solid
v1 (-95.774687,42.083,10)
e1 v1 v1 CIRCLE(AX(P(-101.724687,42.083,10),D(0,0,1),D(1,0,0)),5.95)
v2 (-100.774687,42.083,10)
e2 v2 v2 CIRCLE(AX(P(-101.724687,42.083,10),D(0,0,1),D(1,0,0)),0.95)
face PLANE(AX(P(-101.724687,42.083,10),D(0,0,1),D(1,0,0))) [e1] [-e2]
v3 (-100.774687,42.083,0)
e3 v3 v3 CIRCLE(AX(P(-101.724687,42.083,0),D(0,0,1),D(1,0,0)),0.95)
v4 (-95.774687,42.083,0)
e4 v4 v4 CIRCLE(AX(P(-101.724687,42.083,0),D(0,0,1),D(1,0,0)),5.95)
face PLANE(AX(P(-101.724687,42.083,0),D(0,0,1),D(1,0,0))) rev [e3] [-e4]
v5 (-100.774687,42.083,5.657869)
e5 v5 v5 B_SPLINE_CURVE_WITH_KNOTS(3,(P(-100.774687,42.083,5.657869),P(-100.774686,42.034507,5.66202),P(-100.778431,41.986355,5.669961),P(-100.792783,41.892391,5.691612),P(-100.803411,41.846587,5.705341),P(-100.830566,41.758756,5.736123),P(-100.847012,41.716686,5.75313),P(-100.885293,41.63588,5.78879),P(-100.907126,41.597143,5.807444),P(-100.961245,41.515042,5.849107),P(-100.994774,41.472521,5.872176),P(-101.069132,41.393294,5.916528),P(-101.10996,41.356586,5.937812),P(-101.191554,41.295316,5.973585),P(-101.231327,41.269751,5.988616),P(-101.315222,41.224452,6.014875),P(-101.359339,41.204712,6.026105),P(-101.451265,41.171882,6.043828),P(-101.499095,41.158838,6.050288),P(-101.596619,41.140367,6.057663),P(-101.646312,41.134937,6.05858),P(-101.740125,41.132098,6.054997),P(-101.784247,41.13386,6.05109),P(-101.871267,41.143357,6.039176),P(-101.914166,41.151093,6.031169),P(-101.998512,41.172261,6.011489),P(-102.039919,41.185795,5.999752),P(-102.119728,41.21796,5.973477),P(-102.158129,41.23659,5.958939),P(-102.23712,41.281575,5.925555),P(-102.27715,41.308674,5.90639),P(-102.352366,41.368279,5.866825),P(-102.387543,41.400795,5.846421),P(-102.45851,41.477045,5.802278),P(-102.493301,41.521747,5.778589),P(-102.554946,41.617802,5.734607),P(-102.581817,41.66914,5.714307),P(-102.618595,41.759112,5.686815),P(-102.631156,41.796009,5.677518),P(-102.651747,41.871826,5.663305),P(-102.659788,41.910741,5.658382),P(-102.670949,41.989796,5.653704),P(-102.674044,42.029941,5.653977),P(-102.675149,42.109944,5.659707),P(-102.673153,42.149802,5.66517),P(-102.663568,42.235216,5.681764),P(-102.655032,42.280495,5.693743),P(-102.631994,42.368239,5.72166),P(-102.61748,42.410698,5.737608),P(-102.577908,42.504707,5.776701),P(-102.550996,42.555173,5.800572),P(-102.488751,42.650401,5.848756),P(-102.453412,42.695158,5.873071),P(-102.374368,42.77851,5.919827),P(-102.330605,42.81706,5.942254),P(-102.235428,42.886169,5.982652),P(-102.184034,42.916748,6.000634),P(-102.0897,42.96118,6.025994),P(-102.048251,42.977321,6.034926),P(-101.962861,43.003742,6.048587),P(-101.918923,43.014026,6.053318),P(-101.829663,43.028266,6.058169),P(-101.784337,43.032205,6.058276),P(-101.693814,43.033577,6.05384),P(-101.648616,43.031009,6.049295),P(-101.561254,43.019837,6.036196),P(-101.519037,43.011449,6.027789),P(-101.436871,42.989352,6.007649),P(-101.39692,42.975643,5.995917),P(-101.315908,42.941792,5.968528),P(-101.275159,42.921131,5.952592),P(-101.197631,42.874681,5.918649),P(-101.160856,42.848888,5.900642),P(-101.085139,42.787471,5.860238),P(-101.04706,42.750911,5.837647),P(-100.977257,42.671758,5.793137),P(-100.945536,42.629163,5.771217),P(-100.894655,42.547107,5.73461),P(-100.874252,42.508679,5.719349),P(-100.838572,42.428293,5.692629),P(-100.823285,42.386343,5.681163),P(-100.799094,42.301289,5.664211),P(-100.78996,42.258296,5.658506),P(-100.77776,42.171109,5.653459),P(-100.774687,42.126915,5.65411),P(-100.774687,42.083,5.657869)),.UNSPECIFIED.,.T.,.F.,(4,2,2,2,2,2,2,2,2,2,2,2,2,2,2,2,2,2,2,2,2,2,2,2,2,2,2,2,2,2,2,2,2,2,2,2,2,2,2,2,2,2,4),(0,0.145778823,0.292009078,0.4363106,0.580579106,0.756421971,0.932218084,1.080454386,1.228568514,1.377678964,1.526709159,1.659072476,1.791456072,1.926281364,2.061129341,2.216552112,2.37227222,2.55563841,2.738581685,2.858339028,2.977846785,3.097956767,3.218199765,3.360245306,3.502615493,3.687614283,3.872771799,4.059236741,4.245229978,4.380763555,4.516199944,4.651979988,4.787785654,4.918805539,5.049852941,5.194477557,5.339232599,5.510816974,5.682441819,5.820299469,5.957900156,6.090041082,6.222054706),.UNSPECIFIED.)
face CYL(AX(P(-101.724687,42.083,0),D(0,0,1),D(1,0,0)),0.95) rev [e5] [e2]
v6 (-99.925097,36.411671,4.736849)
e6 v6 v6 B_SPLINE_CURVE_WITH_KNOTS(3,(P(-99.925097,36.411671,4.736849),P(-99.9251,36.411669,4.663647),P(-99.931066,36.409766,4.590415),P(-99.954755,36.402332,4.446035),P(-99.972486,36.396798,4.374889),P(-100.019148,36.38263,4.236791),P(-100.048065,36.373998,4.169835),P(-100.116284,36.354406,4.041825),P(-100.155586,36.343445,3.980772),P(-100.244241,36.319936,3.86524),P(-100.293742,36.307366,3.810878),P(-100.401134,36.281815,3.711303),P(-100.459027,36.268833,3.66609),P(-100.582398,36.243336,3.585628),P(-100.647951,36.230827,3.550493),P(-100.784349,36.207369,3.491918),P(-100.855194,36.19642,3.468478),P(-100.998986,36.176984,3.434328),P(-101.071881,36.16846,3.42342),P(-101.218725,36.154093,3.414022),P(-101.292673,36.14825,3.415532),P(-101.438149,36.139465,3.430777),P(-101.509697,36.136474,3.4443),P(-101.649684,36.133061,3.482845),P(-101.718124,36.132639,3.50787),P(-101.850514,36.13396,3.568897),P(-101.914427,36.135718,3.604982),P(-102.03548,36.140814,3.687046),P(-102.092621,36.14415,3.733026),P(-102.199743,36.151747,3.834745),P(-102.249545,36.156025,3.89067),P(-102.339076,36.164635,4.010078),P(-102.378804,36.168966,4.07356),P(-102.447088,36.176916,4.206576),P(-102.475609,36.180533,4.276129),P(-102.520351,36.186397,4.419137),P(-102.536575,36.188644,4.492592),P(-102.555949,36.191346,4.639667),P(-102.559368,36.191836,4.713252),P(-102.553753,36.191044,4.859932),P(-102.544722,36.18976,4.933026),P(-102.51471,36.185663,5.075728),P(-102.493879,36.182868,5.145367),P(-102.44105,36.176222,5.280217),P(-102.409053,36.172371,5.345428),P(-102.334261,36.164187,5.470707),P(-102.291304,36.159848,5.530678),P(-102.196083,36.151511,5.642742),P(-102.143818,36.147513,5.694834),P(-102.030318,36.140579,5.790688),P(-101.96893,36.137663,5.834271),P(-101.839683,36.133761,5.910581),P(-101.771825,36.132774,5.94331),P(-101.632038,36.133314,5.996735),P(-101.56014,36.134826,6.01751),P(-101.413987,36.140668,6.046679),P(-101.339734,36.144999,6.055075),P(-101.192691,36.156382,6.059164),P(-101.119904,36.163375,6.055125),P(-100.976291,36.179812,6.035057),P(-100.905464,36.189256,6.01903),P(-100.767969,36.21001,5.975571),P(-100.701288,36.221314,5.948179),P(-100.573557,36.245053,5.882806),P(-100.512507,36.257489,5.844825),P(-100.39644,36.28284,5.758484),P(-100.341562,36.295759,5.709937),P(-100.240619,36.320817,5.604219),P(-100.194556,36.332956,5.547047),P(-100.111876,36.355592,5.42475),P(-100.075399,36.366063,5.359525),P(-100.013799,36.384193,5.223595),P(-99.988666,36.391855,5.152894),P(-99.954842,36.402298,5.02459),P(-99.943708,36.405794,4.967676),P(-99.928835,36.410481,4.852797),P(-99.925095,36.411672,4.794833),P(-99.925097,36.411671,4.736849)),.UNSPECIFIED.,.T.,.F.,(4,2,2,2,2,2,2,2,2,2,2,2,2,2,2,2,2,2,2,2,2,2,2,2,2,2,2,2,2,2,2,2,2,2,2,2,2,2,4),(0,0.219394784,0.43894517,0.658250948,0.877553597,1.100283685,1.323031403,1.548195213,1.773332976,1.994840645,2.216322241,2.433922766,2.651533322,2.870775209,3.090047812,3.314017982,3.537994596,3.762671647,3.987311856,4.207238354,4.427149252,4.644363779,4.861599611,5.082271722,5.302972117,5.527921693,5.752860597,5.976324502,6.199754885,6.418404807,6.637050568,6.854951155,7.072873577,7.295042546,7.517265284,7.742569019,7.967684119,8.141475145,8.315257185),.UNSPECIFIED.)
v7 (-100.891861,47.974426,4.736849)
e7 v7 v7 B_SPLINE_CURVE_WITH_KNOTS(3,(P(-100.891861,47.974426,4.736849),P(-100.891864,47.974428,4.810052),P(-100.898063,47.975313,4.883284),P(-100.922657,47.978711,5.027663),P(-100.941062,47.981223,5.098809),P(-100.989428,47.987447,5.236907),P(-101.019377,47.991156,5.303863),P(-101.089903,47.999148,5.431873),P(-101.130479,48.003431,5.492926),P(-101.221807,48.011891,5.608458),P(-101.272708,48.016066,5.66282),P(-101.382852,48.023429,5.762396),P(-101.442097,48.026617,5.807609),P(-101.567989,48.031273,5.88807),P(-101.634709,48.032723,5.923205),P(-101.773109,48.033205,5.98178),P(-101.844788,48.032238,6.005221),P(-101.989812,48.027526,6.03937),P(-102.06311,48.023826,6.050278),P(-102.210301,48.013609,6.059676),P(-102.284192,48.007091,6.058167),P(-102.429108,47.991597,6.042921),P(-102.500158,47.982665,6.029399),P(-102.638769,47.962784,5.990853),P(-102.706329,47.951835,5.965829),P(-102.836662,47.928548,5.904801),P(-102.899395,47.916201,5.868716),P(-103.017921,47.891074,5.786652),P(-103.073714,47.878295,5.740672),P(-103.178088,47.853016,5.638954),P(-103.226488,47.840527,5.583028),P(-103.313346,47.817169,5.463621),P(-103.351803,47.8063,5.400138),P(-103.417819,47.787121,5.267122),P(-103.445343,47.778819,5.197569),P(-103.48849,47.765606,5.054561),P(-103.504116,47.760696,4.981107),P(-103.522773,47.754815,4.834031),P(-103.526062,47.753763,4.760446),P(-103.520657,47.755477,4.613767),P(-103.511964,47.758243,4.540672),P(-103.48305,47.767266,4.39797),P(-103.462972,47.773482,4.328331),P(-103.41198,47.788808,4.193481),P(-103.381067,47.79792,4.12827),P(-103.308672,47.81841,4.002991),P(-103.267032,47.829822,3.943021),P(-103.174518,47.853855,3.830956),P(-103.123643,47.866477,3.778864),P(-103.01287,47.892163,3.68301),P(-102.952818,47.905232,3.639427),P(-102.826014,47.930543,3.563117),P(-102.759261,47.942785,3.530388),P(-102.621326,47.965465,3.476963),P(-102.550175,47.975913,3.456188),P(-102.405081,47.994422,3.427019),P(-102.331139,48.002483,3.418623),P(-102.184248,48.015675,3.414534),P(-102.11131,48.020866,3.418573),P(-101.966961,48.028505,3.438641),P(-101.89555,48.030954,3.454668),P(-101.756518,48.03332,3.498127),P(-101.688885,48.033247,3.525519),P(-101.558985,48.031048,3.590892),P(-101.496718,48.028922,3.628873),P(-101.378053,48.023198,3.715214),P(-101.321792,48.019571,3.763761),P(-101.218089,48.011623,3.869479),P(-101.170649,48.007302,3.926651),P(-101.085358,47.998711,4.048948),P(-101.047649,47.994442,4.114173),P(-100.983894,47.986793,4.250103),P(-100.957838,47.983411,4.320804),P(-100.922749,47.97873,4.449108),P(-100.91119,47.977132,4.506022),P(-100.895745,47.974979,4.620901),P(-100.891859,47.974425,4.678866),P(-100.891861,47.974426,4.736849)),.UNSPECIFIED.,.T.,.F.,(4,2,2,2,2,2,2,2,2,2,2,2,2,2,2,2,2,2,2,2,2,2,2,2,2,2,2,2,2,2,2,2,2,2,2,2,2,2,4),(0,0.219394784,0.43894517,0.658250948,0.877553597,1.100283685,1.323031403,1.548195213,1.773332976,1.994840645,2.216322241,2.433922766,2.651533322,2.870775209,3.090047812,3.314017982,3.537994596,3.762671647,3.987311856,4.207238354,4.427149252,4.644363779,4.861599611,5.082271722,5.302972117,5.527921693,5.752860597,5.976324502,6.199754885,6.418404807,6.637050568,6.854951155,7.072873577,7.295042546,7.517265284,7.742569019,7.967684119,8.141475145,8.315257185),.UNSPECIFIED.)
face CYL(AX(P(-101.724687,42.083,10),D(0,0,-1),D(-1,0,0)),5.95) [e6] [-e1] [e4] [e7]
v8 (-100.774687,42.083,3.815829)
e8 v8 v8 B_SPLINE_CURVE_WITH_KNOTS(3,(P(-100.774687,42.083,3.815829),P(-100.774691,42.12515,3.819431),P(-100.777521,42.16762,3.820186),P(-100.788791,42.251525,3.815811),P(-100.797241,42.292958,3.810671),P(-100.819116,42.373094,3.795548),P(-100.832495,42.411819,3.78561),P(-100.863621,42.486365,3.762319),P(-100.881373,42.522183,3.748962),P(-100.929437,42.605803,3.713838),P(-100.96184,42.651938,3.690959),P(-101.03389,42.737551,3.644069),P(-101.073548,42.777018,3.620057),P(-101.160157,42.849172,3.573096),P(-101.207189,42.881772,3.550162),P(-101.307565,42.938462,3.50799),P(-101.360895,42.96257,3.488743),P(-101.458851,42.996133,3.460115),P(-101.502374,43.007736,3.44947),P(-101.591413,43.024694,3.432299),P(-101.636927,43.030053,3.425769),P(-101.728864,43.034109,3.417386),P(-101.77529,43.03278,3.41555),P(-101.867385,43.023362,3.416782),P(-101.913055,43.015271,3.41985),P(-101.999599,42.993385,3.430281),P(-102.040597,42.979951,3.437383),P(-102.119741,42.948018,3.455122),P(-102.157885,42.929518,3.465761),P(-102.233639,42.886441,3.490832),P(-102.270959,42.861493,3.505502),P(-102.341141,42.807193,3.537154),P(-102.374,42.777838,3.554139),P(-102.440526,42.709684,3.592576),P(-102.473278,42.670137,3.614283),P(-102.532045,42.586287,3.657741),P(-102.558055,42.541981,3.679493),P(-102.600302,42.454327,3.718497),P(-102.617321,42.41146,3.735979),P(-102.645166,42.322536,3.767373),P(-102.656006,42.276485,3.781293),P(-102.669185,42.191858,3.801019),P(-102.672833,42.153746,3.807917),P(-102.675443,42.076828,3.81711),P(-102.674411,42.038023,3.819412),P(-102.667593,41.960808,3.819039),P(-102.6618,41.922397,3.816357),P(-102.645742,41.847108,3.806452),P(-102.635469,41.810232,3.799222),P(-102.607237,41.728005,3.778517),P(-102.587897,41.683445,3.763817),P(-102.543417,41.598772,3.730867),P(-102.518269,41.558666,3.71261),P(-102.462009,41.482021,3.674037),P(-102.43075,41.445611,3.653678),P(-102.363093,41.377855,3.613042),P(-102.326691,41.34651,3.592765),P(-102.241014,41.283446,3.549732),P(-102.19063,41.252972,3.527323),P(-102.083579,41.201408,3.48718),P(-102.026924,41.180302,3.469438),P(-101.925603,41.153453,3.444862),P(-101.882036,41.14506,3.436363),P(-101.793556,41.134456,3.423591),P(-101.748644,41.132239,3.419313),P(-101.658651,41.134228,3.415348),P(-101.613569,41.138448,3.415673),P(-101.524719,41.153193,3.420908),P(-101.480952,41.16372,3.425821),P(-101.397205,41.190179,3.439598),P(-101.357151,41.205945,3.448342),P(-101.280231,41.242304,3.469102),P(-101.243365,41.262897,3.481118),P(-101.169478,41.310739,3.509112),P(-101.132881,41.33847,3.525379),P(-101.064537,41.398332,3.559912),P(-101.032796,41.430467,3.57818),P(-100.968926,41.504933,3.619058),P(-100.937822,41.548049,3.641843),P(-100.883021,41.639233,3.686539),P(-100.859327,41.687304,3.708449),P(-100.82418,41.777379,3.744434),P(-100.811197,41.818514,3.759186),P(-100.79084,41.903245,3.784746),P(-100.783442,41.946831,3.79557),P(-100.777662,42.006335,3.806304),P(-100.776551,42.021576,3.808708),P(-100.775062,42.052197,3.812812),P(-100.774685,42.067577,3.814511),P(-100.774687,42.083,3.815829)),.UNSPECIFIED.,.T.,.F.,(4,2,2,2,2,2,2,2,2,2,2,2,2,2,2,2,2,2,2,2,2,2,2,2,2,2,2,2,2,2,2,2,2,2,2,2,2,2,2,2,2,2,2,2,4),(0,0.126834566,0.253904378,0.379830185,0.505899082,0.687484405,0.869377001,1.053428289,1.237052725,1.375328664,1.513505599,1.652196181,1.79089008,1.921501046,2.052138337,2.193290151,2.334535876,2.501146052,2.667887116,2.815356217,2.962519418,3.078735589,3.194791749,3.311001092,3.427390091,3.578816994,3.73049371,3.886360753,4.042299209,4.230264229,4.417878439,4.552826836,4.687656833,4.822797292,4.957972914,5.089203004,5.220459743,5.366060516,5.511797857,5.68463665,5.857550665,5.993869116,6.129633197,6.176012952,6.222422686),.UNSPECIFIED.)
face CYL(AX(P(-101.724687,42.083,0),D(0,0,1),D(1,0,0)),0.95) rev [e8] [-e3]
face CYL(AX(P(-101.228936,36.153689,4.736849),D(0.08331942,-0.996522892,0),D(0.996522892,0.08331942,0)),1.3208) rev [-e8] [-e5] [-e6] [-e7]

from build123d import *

# Parameters (mm, degrees)
SKETCH1_R                   = 5.95
BOSS_EXTRUDE2_DEPTH         = 10
SKETCH12_R                  = 0.95
CUT_EXTRUDE3_DEPTH          = 10
F_37_0_104_DIAMETER_HOLE1_D = 2.6416


with BuildPart() as part:
    # Sketch1 → Boss-Extrude2 (new body)
    with BuildSketch(Plane.XY):
        with Locations((-101.724686529, 42.083000392)):
            Circle(SKETCH1_R)
    extrude(amount=BOSS_EXTRUDE2_DEPTH)

    # Sketch12 → Cut-Extrude3 (cut)
    with BuildSketch(Plane.XY.offset(10)):
        with Locations((-101.724686529, 42.083000392)):
            Circle(SKETCH12_R)
    extrude(amount=-CUT_EXTRUDE3_DEPTH, mode=Mode.SUBTRACT)

    # #37 (0.104) Diameter Hole1 (through all)
    with Locations(Plane(origin=(-101.228935977, 36.153689185, 4.736849069), x_dir=(-0.996522891944, -0.083319420496, 0), z_dir=(0.083319420496, -0.996522891944, 0))):
        with Locations((0, 0)):
            Hole(F_37_0_104_DIAMETER_HOLE1_D / 2)


solid = part.part
